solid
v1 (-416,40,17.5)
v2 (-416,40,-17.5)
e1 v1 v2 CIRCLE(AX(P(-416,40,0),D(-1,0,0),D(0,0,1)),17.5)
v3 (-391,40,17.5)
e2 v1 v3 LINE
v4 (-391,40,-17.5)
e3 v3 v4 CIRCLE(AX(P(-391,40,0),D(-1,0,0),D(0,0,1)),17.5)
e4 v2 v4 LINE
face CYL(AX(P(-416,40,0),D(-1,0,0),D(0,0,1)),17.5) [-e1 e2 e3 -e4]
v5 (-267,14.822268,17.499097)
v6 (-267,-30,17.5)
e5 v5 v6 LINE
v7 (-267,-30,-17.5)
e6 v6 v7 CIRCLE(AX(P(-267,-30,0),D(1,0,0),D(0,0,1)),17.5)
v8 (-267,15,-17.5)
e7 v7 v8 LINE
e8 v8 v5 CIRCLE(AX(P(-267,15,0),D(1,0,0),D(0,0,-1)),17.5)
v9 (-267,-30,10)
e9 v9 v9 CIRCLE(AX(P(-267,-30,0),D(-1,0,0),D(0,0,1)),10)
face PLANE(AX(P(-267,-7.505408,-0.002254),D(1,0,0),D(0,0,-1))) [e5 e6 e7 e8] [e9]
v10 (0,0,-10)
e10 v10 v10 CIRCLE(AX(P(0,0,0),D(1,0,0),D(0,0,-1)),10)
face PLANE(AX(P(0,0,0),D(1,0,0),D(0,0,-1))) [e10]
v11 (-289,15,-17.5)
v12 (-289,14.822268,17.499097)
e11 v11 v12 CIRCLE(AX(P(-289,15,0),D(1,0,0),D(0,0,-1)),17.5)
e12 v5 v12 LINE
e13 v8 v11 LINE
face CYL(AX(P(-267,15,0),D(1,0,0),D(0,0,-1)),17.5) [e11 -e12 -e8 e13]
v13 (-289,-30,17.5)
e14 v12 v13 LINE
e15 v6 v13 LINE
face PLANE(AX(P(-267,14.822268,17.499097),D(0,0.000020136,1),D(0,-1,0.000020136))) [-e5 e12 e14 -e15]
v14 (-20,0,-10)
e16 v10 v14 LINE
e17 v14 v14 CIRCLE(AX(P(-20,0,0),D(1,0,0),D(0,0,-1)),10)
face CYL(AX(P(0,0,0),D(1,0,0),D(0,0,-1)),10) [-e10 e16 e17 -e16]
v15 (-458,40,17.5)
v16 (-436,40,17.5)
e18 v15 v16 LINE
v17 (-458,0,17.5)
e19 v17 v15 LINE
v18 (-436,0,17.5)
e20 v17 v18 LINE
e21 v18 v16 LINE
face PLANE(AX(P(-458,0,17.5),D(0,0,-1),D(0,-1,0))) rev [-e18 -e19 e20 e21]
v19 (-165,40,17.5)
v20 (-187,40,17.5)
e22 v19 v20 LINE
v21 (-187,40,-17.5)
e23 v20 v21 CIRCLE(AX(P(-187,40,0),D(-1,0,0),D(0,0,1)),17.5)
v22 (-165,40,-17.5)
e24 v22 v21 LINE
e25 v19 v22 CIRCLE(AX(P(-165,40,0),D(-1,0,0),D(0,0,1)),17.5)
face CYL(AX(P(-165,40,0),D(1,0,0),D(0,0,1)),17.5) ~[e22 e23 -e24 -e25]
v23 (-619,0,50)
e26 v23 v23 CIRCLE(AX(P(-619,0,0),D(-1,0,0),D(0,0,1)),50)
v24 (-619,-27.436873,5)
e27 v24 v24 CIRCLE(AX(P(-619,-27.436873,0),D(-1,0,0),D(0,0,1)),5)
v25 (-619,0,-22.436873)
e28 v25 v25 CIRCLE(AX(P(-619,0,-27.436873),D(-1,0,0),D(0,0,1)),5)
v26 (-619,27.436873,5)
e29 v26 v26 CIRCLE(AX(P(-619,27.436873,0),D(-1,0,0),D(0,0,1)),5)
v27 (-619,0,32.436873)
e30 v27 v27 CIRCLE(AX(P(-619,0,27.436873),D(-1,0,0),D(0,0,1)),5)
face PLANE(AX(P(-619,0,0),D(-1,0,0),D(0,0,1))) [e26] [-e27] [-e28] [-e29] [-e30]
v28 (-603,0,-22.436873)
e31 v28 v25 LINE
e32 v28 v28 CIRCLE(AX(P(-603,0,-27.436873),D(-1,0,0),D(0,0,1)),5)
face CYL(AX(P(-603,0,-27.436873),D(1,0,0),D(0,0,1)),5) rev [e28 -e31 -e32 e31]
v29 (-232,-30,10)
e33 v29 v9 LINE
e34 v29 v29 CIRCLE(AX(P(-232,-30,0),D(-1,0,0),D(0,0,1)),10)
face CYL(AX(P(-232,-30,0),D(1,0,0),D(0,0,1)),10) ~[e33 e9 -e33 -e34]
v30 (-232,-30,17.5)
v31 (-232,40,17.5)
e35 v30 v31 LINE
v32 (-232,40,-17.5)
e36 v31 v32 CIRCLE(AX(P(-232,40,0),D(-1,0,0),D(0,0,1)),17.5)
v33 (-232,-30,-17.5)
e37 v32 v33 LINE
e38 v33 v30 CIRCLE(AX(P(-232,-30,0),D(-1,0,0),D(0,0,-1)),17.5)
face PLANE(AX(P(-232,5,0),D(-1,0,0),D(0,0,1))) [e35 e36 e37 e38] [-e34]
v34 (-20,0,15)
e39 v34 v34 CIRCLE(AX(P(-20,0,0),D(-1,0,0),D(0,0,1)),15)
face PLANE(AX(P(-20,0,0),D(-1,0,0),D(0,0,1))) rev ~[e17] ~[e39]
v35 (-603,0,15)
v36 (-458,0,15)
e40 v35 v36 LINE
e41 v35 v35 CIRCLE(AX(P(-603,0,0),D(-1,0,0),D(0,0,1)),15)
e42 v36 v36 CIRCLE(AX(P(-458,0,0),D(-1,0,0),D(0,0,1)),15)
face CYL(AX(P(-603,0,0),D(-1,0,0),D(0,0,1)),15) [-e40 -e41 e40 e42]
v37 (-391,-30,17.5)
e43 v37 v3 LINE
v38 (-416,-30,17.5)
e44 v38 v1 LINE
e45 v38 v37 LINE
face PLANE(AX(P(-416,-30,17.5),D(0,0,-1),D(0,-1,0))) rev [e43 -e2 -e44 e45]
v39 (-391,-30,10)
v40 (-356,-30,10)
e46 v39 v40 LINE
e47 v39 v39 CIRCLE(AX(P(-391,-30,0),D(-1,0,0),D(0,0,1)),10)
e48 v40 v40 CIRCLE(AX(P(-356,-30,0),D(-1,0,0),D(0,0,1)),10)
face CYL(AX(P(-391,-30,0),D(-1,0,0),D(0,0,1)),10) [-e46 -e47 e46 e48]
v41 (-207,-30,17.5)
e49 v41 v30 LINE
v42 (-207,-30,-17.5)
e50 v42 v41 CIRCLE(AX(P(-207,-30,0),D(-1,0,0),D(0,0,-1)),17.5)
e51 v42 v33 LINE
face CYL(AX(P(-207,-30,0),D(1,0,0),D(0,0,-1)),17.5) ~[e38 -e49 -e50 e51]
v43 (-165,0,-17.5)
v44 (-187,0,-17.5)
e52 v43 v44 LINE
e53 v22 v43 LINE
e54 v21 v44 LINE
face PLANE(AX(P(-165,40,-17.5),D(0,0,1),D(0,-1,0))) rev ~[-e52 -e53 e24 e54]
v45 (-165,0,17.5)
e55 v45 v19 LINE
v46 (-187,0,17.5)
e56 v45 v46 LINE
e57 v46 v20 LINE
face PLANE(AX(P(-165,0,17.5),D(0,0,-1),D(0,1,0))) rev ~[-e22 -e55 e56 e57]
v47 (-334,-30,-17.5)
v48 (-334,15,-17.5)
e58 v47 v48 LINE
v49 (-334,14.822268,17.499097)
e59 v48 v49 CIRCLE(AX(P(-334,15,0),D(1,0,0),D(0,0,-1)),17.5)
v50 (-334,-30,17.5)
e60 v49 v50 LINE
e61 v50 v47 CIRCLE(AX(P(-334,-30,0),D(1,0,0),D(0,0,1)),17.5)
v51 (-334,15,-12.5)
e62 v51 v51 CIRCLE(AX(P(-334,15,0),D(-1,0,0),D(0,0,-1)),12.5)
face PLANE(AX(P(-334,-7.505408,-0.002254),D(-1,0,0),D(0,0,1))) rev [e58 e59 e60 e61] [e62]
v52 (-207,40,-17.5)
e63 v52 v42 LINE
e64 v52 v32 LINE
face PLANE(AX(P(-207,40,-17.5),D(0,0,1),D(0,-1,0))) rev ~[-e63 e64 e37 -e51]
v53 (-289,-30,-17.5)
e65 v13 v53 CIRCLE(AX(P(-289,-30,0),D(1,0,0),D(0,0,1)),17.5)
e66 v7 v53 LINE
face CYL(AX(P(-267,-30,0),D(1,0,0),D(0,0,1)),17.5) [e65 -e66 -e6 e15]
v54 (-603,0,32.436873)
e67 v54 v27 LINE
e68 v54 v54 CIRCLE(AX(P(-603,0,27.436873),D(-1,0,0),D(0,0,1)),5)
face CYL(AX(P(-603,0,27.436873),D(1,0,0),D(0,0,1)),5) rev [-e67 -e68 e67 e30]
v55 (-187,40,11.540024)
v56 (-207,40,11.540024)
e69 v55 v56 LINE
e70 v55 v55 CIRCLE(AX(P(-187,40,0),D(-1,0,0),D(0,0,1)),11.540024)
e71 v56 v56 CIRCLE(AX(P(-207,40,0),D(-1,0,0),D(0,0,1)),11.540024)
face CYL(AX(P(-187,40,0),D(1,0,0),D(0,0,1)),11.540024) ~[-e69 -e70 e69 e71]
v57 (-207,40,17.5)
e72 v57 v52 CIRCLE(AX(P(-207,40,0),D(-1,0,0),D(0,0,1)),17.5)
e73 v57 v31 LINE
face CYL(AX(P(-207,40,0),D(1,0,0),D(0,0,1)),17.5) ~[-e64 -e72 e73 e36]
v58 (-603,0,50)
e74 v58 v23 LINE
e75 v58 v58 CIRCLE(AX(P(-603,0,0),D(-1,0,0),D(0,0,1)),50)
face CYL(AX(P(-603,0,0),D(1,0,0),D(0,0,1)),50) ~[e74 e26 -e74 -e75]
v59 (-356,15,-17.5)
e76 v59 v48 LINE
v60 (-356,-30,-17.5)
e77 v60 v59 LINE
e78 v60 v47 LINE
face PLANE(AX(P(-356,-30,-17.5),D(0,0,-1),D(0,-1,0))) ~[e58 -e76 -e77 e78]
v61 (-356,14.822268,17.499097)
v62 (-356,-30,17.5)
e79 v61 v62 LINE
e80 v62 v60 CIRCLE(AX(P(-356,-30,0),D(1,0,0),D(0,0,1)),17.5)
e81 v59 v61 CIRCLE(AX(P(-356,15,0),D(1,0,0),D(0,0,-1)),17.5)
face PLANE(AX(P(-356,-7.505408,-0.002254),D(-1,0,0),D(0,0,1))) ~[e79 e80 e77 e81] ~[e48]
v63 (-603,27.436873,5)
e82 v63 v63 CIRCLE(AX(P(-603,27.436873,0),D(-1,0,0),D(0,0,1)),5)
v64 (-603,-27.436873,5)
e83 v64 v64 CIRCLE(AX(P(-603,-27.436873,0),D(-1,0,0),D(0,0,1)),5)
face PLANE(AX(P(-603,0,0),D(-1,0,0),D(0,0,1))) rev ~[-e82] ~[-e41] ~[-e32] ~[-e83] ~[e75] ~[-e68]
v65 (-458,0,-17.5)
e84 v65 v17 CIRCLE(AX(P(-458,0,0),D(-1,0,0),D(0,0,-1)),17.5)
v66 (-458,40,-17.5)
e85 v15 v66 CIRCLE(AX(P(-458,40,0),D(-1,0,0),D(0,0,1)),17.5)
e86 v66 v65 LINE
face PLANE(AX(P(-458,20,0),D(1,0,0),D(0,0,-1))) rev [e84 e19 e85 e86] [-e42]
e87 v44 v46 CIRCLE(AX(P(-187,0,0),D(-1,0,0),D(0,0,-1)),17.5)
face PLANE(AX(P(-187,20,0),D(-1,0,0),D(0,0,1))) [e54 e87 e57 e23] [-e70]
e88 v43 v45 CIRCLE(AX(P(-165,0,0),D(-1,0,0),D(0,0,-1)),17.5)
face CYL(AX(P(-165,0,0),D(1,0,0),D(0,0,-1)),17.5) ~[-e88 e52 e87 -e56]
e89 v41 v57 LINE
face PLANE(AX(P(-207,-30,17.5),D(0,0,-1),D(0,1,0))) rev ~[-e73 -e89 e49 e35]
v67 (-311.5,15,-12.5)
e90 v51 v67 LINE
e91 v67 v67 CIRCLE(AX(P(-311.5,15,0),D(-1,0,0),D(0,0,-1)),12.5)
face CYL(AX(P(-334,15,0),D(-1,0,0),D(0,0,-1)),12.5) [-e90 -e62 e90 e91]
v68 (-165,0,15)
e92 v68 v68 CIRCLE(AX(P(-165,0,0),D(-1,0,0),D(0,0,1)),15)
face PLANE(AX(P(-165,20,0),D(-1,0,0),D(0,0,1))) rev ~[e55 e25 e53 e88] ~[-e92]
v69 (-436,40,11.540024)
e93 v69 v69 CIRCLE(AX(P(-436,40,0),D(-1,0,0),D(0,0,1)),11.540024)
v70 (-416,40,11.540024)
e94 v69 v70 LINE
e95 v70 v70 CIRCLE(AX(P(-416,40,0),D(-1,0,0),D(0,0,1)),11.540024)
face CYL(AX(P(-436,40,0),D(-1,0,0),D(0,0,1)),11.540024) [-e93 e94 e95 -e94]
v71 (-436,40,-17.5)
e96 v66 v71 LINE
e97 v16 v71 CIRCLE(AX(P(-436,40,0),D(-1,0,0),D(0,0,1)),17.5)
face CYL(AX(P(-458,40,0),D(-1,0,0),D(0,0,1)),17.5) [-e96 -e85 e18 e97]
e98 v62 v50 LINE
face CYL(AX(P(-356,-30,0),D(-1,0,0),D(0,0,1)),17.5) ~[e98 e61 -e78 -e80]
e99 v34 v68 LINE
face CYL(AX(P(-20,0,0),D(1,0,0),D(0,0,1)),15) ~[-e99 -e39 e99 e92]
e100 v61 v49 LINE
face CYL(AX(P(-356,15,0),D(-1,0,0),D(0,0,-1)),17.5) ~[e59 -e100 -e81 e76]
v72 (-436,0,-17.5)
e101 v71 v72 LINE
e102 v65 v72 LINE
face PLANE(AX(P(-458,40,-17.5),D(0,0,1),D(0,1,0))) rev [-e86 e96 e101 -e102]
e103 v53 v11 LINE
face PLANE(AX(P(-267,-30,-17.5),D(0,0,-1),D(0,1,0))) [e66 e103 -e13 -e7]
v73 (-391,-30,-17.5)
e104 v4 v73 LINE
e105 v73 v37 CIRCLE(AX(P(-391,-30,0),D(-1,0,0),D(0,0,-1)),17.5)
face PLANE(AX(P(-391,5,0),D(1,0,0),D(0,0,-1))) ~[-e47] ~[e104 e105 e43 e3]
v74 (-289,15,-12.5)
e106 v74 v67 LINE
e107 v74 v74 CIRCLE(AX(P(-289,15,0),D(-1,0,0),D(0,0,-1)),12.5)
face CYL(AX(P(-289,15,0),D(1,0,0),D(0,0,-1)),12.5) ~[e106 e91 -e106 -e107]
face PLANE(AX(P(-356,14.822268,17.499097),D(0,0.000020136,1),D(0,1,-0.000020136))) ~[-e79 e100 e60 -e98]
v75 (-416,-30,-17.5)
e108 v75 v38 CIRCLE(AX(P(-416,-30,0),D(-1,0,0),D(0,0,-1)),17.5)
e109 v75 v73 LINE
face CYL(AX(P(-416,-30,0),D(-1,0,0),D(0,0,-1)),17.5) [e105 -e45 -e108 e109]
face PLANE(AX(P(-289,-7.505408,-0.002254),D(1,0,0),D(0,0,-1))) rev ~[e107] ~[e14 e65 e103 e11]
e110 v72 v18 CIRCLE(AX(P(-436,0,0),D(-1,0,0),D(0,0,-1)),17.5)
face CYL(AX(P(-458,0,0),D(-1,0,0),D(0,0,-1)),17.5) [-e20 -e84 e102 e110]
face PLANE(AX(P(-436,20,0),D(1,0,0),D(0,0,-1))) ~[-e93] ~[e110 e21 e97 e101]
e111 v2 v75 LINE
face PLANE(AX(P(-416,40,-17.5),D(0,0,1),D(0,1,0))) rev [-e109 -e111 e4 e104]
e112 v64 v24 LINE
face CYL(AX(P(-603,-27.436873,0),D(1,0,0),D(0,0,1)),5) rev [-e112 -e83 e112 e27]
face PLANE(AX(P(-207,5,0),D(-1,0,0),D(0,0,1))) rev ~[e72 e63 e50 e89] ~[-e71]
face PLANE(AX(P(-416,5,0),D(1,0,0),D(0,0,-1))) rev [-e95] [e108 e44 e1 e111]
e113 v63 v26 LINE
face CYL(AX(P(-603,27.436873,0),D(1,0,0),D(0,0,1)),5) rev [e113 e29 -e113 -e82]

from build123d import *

# Parameters (mm, degrees)
SKETCH1_R            = 10
BOSS_EXTRUDE1_DEPTH  = 20
SKETCH2_R            = 15
BOSS_EXTRUDE2_DEPTH  = 145
BOSS_EXTRUDE3_DEPTH  = 22
SKETCH4_R            = 11.540024106
BOSS_EXTRUDE4_DEPTH  = 20
BOSS_EXTRUDE7_DEPTH  = 25
SKETCH6_R            = 10
BOSS_EXTRUDE8_DEPTH  = 35
BOSS_EXTRUDE11_DEPTH = 22
SKETCH8_R            = 12.5
BOSS_EXTRUDE12_DEPTH = 22.5
SKETCH9_R            = 50
SKETCH9_R_2          = 5
BOSS_EXTRUDE13_DEPTH = 16


with BuildPart() as part:
    # Sketch1 → Boss-Extrude1 (new body)
    with BuildSketch(Plane(origin=(0, 0, 0), x_dir=(0, 0, -1), z_dir=(1, 0, 0))):
        Circle(SKETCH1_R)
    extrude(amount=-BOSS_EXTRUDE1_DEPTH)

    # Sketch2 → Boss-Extrude2 (add)
    with BuildSketch(Plane.ZY.offset(20)):
        Circle(SKETCH2_R)
    boss_extrude2 = extrude(amount=BOSS_EXTRUDE2_DEPTH)

    # Sketch3 → Boss-Extrude3 (add)
    with BuildSketch(Plane.ZY.offset(165)):
        with BuildLine():
            Line((-17.5, 40), (-17.5, 0))
            ThreePointArc((-17.5, 0), (0, -17.5), (17.5, 0))
            Line((17.5, 0), (17.5, 40))
            ThreePointArc((17.5, 40), (0, 57.5), (-17.5, 40))
        make_face()
    boss_extrude3 = extrude(amount=BOSS_EXTRUDE3_DEPTH)

    # Sketch4 → Boss-Extrude4 (add)
    with BuildSketch(Plane.ZY.offset(187)):
        with Locations((0, 40)):
            Circle(SKETCH4_R)
    boss_extrude4 = extrude(amount=BOSS_EXTRUDE4_DEPTH)

    # Sketch5 → Boss-Extrude7 (add)
    with BuildSketch(Plane.ZY.offset(207)):
        with BuildLine():
            Line((-17.5, 40), (-17.5, -30))
            ThreePointArc((-17.5, -30), (0, -47.5), (17.5, -30))
            Line((17.5, -30), (17.5, 40))
            ThreePointArc((17.5, 40), (0, 57.5), (-17.5, 40))
        make_face()
    boss_extrude7 = extrude(amount=BOSS_EXTRUDE7_DEPTH)

    # Sketch6 → Boss-Extrude8 (add)
    with BuildSketch(Plane.ZY.offset(232)):
        with Locations((0, -30)):
            Circle(SKETCH6_R)
    boss_extrude8 = extrude(amount=BOSS_EXTRUDE8_DEPTH)

    # Sketch7 → Boss-Extrude11 (add)
    with BuildSketch(Plane.ZY.offset(267)):
        with BuildLine():
            Line((17.499097446, 14.822268204), (17.5, -30))
            ThreePointArc((17.5, -30), (0, -47.5), (-17.5, -30))
            Line((-17.5, -30), (-17.5, 15))
            ThreePointArc((-17.5, 15), (0.088867044, 32.49977436), (17.499097446, 14.822268204))
        make_face()
    boss_extrude11 = extrude(amount=BOSS_EXTRUDE11_DEPTH)

    # Sketch8 → Boss-Extrude12 (add)
    with BuildSketch(Plane.ZY.offset(289)):
        with Locations(Location((0, 15, 0), (0, 0, 180))):
            Circle(SKETCH8_R)
    boss_extrude12 = extrude(amount=BOSS_EXTRUDE12_DEPTH)

    # Mirror5: Boss-Extrude12 across plane
    add(boss_extrude12.mirror(Plane(origin=(-311.5, 15, 0), x_dir=(0, 0, 1), z_dir=(-1, 0, 0))))

    # Mirror6: Boss-Extrude11 across plane
    add(boss_extrude11.mirror(Plane.ZY.offset(311.5)))

    # Mirror7: Boss-Extrude8 across plane
    add(boss_extrude8.mirror(Plane.ZY.offset(311.5)))

    # Mirror8: Boss-Extrude7 across plane
    add(boss_extrude7.mirror(Plane.ZY.offset(311.5)))

    # Mirror9: Boss-Extrude4 across plane
    add(boss_extrude4.mirror(Plane.ZY.offset(311.5)))

    # Mirror10: Boss-Extrude3 across plane
    add(boss_extrude3.mirror(Plane.ZY.offset(311.5)))

    # Mirror11: Boss-Extrude2 across plane
    add(boss_extrude2.mirror(Plane.ZY.offset(311.5)))

    # Sketch9 → Boss-Extrude13 (add)
    with BuildSketch(Plane.ZY.offset(603)):
        Circle(SKETCH9_R)
        with Locations((0, 27.436873089)):
            Circle(SKETCH9_R_2, mode=Mode.SUBTRACT)
        with Locations((27.436873089, 0)):
            Circle(SKETCH9_R_2, mode=Mode.SUBTRACT)
        with Locations((0, -27.436873089)):
            Circle(SKETCH9_R_2, mode=Mode.SUBTRACT)
        with Locations((-27.436873089, 0)):
            Circle(SKETCH9_R_2, mode=Mode.SUBTRACT)
    extrude(amount=BOSS_EXTRUDE13_DEPTH)


solid = part.part
